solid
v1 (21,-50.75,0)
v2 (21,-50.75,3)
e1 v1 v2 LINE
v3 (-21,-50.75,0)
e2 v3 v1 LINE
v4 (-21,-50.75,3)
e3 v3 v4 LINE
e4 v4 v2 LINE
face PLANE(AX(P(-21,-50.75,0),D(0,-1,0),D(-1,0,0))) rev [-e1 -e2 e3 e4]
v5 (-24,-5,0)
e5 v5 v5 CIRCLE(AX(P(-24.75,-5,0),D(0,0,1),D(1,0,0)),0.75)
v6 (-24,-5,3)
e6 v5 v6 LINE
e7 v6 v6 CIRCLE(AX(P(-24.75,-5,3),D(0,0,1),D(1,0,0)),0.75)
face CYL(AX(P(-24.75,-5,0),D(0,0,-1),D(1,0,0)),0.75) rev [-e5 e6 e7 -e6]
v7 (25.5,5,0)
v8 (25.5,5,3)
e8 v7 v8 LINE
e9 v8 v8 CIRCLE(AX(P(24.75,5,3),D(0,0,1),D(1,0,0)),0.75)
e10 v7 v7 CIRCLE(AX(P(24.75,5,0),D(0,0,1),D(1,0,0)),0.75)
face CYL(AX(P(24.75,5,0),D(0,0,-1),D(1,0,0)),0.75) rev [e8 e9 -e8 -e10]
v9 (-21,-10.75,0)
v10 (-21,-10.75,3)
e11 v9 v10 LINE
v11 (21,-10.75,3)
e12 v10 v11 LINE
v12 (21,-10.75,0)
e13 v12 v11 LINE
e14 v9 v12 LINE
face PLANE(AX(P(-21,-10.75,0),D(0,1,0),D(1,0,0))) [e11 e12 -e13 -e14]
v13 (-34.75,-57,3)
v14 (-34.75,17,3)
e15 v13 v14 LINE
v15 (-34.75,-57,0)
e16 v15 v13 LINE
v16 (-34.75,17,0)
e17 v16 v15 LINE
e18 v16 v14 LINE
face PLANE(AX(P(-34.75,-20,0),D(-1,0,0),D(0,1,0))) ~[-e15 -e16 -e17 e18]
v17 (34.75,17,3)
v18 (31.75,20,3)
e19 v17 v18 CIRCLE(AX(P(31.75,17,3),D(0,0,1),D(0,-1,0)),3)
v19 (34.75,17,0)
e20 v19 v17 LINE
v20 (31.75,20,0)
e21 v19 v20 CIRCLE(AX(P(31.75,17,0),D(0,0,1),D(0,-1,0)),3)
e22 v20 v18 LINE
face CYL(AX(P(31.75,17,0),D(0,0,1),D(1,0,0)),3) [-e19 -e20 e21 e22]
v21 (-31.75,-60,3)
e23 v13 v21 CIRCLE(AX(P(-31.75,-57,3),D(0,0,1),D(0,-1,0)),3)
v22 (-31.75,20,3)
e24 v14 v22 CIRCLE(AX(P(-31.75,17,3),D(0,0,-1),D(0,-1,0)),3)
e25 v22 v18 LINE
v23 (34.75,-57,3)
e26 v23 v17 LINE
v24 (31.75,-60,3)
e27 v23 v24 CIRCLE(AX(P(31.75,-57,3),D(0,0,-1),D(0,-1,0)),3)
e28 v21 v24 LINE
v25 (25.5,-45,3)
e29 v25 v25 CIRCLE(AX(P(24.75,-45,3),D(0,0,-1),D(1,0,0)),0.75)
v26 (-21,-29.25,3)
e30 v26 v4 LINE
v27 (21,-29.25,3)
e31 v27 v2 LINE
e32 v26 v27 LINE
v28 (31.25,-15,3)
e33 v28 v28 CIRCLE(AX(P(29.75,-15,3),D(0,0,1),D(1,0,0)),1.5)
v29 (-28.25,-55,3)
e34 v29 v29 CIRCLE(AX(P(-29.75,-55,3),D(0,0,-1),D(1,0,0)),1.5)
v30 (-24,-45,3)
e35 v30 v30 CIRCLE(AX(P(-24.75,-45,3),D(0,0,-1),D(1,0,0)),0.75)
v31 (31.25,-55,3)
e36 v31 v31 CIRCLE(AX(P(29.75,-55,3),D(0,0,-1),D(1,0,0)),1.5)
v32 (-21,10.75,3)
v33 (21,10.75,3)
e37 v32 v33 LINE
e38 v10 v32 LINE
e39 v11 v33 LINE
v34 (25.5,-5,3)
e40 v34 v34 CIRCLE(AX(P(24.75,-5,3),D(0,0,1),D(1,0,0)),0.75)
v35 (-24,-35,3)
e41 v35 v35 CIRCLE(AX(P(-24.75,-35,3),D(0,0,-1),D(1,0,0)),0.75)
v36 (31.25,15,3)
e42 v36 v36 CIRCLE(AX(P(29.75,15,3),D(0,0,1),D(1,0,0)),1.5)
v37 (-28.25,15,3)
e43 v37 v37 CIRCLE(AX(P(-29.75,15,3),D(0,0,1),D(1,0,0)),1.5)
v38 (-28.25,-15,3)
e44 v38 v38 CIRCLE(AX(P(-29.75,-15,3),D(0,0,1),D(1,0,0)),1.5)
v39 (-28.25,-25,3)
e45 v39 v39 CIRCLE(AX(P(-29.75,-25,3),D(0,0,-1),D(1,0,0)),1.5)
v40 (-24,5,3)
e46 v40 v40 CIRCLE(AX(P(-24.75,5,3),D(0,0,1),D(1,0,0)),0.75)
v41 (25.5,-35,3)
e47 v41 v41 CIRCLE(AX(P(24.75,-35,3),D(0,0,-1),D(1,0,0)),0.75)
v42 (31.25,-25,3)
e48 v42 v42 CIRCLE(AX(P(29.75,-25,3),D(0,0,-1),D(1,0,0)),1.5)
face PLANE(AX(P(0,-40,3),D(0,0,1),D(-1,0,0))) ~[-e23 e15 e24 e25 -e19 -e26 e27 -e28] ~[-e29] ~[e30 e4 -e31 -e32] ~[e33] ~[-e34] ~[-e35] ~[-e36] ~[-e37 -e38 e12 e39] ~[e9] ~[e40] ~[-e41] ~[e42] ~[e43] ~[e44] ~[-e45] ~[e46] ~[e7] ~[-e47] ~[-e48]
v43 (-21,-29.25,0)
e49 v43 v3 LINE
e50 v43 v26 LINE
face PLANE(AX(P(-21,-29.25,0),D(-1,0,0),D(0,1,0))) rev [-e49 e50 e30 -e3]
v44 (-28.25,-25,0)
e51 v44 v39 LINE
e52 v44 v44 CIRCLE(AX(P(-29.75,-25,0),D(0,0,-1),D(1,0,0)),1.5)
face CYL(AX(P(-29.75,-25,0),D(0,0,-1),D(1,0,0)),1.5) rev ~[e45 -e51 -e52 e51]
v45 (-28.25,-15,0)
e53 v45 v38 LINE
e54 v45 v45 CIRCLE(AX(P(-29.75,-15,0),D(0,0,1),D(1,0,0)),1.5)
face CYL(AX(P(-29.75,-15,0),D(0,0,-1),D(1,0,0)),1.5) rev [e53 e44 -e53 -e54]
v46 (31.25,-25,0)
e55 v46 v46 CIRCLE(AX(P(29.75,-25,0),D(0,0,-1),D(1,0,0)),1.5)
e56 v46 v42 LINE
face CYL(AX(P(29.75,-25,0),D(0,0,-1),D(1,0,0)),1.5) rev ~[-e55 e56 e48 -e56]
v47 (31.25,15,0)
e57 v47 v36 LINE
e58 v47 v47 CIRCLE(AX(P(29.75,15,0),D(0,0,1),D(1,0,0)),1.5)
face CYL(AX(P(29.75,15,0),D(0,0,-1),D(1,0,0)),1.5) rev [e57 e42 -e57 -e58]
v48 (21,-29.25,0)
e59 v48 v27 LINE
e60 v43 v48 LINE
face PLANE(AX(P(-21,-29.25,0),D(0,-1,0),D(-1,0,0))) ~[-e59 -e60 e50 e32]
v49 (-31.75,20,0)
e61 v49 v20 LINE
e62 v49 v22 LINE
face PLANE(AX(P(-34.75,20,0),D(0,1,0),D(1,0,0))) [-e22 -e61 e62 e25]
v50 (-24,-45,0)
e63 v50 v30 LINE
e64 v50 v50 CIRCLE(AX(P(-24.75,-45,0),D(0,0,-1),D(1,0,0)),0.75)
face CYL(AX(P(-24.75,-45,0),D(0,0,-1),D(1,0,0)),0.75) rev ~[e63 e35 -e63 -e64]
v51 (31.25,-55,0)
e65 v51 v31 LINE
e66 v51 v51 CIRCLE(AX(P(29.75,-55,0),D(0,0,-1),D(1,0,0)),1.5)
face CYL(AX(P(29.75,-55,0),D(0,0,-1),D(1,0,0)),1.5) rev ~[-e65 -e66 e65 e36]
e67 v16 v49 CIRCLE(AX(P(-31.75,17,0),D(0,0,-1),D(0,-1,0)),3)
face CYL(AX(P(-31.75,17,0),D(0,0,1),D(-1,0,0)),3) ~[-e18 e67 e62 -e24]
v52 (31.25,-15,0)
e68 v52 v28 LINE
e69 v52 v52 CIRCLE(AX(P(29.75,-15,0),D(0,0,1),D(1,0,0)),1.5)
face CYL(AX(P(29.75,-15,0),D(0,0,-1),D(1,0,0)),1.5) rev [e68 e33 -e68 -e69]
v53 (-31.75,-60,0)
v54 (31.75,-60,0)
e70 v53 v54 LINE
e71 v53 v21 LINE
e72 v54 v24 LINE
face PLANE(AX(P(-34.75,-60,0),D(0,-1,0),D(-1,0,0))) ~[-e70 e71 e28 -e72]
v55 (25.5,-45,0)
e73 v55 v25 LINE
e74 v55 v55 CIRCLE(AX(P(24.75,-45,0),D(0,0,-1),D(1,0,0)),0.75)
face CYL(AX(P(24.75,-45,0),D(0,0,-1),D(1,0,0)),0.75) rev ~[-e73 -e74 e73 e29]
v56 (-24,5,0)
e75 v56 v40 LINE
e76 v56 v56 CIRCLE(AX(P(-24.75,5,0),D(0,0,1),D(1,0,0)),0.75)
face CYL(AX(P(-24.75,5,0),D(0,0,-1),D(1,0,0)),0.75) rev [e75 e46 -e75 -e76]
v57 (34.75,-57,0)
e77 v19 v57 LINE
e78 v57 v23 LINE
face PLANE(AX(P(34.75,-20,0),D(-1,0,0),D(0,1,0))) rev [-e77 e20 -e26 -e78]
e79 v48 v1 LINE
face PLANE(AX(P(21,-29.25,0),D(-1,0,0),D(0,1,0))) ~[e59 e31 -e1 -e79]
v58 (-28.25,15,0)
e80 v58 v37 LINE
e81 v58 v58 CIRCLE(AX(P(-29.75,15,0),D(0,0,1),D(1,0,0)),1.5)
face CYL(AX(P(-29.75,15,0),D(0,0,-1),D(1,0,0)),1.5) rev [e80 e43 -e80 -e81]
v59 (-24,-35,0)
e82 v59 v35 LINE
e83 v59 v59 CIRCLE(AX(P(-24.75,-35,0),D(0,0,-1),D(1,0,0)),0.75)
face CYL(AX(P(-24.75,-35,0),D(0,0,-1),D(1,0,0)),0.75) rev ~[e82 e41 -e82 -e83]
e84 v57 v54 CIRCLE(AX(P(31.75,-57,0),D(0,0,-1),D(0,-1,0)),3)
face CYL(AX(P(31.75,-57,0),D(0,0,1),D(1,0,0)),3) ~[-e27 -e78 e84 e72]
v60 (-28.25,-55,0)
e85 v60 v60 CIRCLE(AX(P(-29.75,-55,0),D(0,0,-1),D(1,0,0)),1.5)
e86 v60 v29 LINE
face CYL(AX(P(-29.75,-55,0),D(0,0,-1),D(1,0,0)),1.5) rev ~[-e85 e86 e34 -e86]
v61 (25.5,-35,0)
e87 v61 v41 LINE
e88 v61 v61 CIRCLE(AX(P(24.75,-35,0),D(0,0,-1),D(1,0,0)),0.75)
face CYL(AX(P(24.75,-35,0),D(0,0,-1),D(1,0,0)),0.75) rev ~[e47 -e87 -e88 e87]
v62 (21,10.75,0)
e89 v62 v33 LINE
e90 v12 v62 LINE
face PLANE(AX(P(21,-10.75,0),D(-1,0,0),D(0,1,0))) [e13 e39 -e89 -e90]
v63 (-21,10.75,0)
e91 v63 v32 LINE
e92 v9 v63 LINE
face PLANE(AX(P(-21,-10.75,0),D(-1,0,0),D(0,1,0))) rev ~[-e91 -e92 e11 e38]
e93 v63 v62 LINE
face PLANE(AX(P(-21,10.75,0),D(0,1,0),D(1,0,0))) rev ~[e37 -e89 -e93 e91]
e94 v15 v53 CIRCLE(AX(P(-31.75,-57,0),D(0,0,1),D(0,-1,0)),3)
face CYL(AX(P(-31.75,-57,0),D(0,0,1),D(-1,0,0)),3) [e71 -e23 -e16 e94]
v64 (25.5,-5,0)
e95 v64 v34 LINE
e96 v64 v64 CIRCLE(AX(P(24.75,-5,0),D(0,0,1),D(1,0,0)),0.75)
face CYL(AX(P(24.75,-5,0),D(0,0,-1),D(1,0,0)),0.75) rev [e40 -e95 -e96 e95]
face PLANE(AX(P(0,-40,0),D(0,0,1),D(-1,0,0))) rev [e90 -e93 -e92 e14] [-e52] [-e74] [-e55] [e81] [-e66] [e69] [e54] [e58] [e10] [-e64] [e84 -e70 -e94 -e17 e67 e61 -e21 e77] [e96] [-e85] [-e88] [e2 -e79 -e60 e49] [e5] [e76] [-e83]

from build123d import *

# Parameters (mm, degrees)
F0_W     = 69.5
F0_H     = 40
F0_R     = 1.5
F0_R_2   = 0.75
F0_W_2   = 42
F0_H_2   = 21.5
F1_DEPTH = 3
F3_R     = 3


with BuildPart() as f1:
    # F0 (on Top) → F1 (new body)
    with BuildSketch(Plane.XY):
        Rectangle(F0_W, F0_H)
        with Locations((-29.75, -15)):
            Circle(F0_R, mode=Mode.SUBTRACT)
        with Locations((-24.75, -5)):
            Circle(F0_R_2, mode=Mode.SUBTRACT)
        with Locations((29.75, -15)):
            Circle(F0_R, mode=Mode.SUBTRACT)
        with Locations((24.75, -5)):
            Circle(F0_R_2, mode=Mode.SUBTRACT)
        with Locations((-24.75, 5)):
            Circle(F0_R_2, mode=Mode.SUBTRACT)
        with Locations((-29.75, 15)):
            Circle(F0_R, mode=Mode.SUBTRACT)
        Rectangle(F0_W_2, F0_H_2, mode=Mode.SUBTRACT)
        with Locations((24.75, 5)):
            Circle(F0_R_2, mode=Mode.SUBTRACT)
        with Locations((29.75, 15)):
            Circle(F0_R, mode=Mode.SUBTRACT)
    extrude(amount=F1_DEPTH)

    # F2: F1 across face


with BuildPart() as f1_1:
    add(f1.part)
    add(f1.part.mirror(Plane(origin=(0, -20, 1.5), x_dir=(1, 0, 0), z_dir=(0, -1, 0))))

    # F3
    f3_edges = [f1_1.edges().sort_by_distance(p)[0] for p in [
        (-34.75, -60, 1.5),
        (34.75, -60, 1.5),
        (34.75, 20, 1.5),
        (-34.75, 20, 1.5),
    ]]
    fillet(f3_edges, radius=F3_R)


solid = f1_1.part
